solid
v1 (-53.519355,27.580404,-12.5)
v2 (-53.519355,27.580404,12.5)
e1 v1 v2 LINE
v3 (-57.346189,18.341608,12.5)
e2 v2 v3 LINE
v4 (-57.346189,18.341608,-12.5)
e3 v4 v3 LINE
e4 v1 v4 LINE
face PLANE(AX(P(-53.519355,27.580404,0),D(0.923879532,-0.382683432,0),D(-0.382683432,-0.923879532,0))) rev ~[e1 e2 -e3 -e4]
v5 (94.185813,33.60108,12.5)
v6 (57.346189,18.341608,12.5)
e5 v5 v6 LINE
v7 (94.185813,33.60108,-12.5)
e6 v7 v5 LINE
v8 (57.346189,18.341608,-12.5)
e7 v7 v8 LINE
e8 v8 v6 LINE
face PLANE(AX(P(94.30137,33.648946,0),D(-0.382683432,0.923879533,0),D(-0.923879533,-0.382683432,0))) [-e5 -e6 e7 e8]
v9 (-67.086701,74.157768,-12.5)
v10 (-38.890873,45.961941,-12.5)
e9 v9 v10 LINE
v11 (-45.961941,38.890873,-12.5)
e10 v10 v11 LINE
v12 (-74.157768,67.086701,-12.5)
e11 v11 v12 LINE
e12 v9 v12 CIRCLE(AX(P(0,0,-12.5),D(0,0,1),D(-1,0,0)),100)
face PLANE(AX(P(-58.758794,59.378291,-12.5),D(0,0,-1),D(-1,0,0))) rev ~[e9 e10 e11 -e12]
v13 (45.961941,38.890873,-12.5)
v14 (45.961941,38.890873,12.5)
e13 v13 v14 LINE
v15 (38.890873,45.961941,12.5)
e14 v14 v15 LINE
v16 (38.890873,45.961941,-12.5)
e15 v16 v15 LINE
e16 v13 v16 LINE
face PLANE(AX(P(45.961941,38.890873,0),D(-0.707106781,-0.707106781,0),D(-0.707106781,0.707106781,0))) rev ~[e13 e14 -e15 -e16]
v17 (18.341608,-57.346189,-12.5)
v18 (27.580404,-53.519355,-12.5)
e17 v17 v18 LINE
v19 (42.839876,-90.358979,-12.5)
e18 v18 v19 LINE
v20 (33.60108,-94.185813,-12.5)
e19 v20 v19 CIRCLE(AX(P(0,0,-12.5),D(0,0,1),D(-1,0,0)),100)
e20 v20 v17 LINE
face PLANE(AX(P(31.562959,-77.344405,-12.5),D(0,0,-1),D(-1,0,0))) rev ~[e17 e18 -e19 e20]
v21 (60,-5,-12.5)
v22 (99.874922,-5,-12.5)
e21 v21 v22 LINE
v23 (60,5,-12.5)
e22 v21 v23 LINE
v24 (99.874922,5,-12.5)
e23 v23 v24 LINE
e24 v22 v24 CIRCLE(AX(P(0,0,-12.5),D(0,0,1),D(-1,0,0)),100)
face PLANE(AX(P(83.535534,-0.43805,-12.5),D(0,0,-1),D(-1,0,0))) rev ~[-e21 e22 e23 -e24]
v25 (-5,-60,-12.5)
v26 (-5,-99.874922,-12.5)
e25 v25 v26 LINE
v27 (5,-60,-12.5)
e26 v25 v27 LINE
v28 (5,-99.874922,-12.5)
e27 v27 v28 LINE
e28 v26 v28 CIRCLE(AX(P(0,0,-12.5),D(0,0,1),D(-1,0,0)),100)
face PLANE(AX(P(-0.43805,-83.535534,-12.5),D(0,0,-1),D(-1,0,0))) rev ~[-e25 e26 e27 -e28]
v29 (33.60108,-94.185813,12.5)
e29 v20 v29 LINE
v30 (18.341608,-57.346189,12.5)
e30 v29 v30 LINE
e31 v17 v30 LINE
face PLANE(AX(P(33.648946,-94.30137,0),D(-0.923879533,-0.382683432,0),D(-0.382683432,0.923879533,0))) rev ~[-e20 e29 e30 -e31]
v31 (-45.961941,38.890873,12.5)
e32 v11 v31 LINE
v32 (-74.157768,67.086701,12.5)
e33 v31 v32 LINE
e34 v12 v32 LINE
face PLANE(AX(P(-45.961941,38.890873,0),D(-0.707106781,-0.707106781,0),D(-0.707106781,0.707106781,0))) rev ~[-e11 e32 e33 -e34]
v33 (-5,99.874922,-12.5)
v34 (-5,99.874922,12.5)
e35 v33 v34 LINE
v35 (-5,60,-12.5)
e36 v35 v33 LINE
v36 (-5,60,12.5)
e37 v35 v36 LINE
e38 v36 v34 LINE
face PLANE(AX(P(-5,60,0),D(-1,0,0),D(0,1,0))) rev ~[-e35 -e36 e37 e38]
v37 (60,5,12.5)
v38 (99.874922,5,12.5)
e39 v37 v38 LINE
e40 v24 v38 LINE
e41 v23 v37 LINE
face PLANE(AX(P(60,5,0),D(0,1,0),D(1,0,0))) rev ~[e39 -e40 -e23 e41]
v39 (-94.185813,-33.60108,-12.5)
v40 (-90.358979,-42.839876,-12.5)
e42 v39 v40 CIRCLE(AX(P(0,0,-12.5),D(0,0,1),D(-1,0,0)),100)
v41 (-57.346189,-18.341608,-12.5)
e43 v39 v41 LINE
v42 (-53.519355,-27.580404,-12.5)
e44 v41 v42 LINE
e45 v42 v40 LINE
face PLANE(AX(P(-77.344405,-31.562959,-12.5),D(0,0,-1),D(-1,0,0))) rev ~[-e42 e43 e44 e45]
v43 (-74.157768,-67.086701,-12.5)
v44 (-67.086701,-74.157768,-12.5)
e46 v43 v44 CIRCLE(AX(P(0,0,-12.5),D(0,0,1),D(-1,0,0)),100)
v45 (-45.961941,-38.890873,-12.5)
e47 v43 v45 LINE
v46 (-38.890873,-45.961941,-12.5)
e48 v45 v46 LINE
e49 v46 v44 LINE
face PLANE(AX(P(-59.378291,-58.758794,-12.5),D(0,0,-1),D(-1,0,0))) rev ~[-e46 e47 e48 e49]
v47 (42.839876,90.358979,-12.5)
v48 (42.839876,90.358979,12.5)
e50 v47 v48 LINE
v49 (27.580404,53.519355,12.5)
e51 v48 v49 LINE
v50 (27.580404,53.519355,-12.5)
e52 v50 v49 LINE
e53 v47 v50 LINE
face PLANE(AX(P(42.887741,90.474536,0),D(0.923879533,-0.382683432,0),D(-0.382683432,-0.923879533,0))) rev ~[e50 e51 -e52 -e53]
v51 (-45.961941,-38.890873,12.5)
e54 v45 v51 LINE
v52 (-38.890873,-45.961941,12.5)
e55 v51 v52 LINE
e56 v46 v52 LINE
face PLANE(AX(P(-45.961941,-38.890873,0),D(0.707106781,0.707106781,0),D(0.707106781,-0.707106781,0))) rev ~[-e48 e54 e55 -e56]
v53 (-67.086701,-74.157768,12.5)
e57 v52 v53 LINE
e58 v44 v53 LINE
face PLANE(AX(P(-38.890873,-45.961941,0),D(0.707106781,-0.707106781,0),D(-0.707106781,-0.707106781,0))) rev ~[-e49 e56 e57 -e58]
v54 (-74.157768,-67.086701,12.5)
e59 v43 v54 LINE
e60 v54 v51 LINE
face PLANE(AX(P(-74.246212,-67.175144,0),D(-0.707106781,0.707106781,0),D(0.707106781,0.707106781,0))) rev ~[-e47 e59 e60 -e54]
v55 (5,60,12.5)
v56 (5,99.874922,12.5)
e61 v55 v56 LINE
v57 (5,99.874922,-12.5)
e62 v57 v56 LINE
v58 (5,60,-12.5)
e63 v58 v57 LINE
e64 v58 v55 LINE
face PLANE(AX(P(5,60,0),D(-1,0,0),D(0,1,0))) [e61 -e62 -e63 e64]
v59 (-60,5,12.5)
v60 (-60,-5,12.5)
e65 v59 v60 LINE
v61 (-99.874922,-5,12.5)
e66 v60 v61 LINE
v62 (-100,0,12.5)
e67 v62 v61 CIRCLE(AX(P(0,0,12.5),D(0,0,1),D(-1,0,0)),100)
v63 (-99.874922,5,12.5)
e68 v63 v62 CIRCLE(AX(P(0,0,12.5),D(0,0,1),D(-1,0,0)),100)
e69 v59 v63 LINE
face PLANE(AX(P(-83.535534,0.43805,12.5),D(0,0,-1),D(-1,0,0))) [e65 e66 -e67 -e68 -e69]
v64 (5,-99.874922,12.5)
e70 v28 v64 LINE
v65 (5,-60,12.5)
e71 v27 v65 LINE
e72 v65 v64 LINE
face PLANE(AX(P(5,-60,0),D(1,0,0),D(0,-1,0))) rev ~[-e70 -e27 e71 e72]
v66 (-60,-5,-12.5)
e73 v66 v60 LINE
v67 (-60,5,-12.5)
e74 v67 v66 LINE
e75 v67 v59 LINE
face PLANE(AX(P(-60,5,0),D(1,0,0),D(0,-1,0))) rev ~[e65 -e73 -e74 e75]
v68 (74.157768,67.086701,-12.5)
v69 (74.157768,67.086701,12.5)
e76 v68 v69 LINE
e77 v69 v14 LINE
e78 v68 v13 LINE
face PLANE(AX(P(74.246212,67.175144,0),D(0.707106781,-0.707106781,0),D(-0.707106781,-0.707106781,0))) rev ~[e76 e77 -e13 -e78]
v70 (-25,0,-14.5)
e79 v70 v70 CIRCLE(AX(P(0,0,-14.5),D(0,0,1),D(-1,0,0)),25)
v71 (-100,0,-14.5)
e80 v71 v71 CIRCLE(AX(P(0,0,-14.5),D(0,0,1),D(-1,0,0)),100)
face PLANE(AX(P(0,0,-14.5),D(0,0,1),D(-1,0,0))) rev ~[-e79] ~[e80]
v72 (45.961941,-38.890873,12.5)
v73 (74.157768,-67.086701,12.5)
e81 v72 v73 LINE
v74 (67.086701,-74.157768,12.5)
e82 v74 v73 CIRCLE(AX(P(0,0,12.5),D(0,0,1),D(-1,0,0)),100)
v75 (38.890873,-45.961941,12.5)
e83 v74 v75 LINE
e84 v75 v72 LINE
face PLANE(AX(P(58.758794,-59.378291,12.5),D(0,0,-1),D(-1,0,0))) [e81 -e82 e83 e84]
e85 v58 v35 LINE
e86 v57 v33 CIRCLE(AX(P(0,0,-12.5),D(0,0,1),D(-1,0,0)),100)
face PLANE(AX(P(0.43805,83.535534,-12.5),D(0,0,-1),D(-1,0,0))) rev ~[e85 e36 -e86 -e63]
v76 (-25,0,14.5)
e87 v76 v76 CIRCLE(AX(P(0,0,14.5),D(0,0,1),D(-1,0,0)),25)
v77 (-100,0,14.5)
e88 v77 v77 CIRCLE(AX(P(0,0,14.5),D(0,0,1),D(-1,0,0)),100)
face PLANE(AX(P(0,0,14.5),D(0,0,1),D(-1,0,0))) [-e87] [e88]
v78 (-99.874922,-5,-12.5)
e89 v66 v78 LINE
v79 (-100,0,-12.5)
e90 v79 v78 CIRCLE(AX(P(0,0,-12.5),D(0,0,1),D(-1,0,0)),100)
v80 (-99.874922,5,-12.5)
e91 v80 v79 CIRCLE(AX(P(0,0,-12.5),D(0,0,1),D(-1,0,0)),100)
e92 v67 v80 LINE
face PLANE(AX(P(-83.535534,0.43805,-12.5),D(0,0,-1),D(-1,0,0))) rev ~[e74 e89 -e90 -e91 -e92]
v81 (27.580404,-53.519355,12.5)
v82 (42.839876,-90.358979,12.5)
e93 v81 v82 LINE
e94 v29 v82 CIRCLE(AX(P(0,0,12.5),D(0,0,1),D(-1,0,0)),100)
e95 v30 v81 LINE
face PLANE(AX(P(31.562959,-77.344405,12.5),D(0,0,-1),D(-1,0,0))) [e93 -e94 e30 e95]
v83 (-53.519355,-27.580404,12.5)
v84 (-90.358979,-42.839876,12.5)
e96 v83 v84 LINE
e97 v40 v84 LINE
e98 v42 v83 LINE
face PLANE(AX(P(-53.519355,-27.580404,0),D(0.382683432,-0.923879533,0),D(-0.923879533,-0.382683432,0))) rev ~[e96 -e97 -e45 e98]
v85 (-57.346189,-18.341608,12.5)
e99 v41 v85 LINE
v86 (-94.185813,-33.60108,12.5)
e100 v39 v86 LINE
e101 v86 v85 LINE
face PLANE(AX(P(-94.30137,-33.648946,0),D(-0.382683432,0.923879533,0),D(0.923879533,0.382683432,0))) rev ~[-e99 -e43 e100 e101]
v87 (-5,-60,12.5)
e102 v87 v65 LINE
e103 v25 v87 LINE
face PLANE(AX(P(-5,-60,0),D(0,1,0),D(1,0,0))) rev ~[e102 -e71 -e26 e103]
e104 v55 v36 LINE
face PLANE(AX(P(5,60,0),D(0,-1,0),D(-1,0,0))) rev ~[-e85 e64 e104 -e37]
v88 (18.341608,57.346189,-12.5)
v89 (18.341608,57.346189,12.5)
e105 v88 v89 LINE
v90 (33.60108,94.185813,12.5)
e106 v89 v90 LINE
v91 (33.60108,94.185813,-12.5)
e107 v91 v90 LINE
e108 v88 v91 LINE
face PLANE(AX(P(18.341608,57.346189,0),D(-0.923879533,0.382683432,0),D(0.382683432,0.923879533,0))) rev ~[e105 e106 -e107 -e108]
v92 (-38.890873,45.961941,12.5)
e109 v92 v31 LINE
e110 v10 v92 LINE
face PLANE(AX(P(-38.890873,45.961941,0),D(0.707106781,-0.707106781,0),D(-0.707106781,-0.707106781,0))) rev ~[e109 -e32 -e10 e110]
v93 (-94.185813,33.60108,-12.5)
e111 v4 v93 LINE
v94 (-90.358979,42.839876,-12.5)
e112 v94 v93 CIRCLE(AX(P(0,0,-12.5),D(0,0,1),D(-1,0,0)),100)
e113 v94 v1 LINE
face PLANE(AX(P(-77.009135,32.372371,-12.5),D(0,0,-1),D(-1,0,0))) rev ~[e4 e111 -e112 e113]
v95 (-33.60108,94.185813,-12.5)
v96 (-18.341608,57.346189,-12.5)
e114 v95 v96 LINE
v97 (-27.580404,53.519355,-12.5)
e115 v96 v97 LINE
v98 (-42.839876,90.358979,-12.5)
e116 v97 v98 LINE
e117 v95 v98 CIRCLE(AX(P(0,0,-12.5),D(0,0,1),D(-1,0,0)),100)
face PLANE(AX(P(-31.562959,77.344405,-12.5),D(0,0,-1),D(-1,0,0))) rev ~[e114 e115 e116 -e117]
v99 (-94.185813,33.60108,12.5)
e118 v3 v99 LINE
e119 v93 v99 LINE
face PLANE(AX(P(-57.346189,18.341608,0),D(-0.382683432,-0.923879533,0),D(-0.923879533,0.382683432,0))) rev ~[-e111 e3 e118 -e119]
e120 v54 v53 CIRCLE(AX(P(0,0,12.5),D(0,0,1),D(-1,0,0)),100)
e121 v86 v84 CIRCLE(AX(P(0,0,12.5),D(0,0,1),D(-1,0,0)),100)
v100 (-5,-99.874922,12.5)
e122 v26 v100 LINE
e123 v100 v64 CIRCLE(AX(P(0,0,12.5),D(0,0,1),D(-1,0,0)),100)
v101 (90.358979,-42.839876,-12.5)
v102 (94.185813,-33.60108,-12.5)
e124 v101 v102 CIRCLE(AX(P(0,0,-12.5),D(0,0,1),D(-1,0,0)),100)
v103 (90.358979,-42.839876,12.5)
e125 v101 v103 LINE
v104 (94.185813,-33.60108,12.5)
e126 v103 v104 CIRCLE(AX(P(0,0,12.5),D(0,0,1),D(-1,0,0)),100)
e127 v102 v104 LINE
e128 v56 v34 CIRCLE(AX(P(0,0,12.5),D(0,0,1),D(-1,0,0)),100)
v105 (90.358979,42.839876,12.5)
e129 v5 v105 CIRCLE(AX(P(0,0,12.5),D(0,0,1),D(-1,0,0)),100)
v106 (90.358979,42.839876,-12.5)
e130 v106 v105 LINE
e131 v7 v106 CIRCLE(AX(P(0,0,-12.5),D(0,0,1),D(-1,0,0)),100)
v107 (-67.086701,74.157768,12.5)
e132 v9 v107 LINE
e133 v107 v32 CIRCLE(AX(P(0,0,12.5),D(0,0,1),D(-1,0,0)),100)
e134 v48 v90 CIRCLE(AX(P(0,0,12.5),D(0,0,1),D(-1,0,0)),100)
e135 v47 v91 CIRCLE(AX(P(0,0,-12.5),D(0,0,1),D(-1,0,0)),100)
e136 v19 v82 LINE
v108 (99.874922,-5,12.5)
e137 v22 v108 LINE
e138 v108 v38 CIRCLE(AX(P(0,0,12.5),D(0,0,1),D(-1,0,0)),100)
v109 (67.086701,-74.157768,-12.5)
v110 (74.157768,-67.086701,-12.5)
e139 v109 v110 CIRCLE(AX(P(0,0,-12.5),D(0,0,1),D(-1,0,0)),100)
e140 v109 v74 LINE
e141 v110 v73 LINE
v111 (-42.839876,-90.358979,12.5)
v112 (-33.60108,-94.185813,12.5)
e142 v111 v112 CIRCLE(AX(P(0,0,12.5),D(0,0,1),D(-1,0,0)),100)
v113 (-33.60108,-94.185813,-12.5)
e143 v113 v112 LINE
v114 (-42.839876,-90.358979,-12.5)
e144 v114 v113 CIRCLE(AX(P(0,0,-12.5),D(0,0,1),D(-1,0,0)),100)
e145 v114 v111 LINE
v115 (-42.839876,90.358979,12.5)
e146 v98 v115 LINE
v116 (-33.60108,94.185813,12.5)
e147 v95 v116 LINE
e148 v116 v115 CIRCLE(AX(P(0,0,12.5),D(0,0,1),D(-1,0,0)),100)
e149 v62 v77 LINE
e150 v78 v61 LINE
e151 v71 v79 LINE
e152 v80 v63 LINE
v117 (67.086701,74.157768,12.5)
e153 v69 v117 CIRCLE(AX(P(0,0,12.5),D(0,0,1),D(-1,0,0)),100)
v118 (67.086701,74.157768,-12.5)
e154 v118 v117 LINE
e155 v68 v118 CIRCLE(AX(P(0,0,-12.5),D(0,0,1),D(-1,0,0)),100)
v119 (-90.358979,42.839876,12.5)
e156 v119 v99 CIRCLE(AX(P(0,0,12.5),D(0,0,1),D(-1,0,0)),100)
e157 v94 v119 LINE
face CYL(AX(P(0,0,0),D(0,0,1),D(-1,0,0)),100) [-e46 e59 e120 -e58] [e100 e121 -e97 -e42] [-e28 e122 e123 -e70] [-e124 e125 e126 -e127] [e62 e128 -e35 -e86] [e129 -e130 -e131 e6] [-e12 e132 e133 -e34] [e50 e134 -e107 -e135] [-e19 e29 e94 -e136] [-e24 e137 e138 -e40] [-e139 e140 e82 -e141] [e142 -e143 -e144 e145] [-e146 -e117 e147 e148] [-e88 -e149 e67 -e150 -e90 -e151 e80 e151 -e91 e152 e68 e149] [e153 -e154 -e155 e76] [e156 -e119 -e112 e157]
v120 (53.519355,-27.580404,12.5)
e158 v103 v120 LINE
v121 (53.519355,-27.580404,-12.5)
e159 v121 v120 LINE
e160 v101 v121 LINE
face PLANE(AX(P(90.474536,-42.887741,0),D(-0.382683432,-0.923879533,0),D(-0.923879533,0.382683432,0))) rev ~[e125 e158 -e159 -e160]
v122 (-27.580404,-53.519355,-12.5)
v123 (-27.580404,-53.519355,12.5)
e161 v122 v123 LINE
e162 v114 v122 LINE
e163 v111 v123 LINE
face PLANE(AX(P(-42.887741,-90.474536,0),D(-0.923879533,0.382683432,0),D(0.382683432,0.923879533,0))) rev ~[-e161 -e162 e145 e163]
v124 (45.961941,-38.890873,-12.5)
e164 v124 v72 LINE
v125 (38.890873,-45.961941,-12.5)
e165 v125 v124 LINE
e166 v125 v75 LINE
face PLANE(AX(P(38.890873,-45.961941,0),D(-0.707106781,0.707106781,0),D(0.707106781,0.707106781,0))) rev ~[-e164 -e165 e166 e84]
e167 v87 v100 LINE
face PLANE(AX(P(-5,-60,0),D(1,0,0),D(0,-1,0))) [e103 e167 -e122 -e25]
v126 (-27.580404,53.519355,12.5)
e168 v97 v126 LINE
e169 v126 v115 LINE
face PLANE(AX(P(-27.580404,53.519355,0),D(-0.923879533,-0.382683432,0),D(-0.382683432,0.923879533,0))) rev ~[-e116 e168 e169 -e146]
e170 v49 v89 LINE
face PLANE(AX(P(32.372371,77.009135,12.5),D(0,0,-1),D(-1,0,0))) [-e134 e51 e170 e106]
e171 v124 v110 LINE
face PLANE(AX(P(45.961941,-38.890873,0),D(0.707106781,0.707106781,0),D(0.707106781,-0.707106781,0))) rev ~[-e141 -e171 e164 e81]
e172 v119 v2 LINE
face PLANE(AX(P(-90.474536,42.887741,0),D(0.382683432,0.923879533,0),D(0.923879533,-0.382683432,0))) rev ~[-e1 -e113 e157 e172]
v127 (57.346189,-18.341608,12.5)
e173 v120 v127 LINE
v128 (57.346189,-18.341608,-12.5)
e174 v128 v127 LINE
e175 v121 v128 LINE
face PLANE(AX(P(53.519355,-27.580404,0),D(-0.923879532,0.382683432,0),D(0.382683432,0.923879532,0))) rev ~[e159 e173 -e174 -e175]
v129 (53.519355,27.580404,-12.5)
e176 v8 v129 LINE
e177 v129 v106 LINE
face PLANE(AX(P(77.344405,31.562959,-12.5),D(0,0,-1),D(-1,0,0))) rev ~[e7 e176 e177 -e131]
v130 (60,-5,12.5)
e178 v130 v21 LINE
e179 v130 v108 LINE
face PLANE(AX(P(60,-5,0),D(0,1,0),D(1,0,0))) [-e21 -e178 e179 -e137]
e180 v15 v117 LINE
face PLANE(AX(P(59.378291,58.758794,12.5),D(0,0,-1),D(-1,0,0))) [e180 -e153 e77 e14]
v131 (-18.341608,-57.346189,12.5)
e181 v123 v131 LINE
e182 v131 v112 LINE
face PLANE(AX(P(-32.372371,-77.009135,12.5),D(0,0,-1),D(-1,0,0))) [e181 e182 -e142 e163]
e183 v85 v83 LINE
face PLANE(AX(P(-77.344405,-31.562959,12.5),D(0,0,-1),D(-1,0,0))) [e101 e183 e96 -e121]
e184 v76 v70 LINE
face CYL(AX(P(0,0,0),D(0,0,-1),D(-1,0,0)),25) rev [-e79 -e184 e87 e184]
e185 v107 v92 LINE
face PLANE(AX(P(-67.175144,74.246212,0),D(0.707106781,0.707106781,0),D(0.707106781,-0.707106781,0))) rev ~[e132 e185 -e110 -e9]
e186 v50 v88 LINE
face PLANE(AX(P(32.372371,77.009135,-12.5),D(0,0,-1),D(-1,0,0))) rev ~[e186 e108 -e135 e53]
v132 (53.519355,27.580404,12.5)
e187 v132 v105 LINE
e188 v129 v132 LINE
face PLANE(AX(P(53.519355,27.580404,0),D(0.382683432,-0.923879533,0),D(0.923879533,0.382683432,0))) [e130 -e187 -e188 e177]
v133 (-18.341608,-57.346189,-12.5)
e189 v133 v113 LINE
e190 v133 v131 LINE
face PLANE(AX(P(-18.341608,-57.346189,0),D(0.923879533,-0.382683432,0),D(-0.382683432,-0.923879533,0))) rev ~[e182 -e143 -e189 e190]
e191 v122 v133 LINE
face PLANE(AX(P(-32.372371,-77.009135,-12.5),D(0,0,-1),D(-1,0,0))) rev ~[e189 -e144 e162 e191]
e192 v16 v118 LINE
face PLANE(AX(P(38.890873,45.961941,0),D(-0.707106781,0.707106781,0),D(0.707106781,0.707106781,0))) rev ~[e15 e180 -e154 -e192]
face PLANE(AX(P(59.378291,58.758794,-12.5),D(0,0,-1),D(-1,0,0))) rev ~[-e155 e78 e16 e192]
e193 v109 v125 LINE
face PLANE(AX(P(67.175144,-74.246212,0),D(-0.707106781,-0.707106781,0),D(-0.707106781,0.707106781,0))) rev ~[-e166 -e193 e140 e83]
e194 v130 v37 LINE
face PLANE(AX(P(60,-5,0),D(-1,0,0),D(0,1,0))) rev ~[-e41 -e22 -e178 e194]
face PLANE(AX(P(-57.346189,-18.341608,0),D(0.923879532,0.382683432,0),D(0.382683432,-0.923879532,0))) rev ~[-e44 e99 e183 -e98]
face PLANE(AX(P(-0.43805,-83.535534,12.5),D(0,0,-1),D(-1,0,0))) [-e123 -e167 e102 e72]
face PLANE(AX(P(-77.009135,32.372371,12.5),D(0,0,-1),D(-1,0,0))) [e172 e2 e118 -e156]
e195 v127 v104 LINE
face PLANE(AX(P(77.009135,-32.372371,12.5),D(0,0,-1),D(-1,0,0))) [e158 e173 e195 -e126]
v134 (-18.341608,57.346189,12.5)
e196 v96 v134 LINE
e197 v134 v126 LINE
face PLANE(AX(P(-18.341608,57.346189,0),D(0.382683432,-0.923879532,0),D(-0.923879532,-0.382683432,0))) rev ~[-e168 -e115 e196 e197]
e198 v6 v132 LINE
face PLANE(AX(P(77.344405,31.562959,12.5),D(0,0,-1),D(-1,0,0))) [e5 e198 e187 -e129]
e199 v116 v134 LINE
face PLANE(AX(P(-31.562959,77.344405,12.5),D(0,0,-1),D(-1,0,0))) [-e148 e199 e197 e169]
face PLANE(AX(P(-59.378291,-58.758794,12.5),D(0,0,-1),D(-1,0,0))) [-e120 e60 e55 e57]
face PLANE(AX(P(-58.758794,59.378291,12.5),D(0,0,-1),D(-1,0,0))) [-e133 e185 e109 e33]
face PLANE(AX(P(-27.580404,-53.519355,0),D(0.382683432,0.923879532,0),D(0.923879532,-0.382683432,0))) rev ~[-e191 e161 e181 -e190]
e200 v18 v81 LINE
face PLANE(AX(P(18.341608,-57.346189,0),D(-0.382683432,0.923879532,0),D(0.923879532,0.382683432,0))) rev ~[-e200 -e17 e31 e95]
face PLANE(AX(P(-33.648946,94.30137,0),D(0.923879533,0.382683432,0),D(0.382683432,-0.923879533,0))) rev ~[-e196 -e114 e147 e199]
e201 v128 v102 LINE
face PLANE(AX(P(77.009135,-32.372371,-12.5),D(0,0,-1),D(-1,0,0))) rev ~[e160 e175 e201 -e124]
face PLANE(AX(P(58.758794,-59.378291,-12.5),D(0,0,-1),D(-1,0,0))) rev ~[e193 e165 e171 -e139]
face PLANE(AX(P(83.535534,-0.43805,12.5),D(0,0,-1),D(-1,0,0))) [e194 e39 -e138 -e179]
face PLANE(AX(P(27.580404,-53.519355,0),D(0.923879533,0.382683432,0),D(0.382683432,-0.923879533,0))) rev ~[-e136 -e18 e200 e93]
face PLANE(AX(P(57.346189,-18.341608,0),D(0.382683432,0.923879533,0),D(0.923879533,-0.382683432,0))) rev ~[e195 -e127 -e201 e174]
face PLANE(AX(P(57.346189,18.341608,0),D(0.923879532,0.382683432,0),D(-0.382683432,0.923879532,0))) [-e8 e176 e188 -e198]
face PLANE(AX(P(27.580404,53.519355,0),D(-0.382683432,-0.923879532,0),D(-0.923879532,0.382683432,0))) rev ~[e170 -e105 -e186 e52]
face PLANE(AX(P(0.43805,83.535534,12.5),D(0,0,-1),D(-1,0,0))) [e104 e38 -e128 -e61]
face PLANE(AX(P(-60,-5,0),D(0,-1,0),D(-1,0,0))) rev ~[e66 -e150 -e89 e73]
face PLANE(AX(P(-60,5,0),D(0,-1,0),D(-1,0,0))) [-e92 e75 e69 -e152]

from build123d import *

# Parameters (mm, degrees)
SKETCH1_R           = 100
SKETCH1_R_2         = 25
BOSS_EXTRUDE1_DEPTH = 14.5
CUT_EXTRUDE1_DEPTH  = 12.5


with BuildPart() as part:
    # Sketch1 → Boss-Extrude1 (new, symmetric)
    with BuildSketch(Plane.XY):
        with Locations(Location((0, 0, 0), (0, 0, 180))):
            Circle(SKETCH1_R)
        with Locations(Location((0, 0, 0), (0, 0, 180))):
            Circle(SKETCH1_R_2, mode=Mode.SUBTRACT)
    extrude(amount=BOSS_EXTRUDE1_DEPTH, both=True)

    # Sketch2 → Cut-Extrude1 (cut, symmetric)
    with BuildSketch(Plane.XY):
        Polygon((100, 5), (110, -5), (100, -5), (60, -5), (60, 5), align=None)
        Polygon((57.346189113, -18.341608279), (94.301370413, -33.648945574), (99.713331414, -46.714575223), (90.474536089, -42.887740899), (53.519354789, -27.580403604), align=None)
        Polygon((45.961940777, -38.890872965), (74.246212025, -67.175144213), (74.246212025, -81.317279836), (67.175144213, -74.246212025), (38.890872965, -45.961940777), align=None)
        Polygon((27.580403604, -53.519354789), (42.887740899, -90.474536089), (37.475779898, -103.540165738), (33.648945574, -94.301370413), (18.341608279, -57.346189113), align=None)
        Polygon((5, -60), (5, -100), (-5, -110), (-5, -100), (-5, -60), align=None)
        Polygon((-18.341608279, -57.346189113), (-33.648945574, -94.301370413), (-46.714575223, -99.713331414), (-42.887740899, -90.474536089), (-27.580403604, -53.519354789), align=None)
        Polygon((-38.890872965, -45.961940777), (-67.175144213, -74.246212025), (-81.317279836, -74.246212025), (-74.246212025, -67.175144213), (-45.961940777, -38.890872965), align=None)
        Polygon((-53.519354789, -27.580403604), (-90.474536089, -42.887740899), (-103.540165738, -37.475779898), (-94.301370413, -33.648945574), (-57.346189113, -18.341608279), align=None)
        Polygon((-60, -5), (-100, -5), (-110, 5), (-100, 5), (-60, 5), align=None)
        Polygon((-57.346189113, 18.341608279), (-94.301370413, 33.648945574), (-99.713331414, 46.714575223), (-90.474536089, 42.887740899), (-53.519354789, 27.580403604), align=None)
        Polygon((-45.961940777, 38.890872965), (-74.246212025, 67.175144213), (-74.246212025, 81.317279836), (-67.175144213, 74.246212025), (-38.890872965, 45.961940777), align=None)
        Polygon((-27.580403604, 53.519354789), (-42.887740899, 90.474536089), (-37.475779898, 103.540165738), (-33.648945574, 94.301370413), (-18.341608279, 57.346189113), align=None)
        Polygon((-5, 60), (-5, 100), (5, 110), (5, 100), (5, 60), align=None)
        Polygon((18.341608279, 57.346189113), (33.648945574, 94.301370413), (46.714575223, 99.713331414), (42.887740899, 90.474536089), (27.580403604, 53.519354789), align=None)
        Polygon((38.890872965, 45.961940777), (67.175144213, 74.246212025), (81.317279836, 74.246212025), (74.246212025, 67.175144213), (45.961940777, 38.890872965), align=None)
        Polygon((53.519354789, 27.580403604), (90.474536089, 42.887740899), (103.540165738, 37.475779898), (94.301370413, 33.648945574), (57.346189113, 18.341608279), align=None)
    extrude(amount=CUT_EXTRUDE1_DEPTH, both=True, mode=Mode.SUBTRACT)


solid = part.part
